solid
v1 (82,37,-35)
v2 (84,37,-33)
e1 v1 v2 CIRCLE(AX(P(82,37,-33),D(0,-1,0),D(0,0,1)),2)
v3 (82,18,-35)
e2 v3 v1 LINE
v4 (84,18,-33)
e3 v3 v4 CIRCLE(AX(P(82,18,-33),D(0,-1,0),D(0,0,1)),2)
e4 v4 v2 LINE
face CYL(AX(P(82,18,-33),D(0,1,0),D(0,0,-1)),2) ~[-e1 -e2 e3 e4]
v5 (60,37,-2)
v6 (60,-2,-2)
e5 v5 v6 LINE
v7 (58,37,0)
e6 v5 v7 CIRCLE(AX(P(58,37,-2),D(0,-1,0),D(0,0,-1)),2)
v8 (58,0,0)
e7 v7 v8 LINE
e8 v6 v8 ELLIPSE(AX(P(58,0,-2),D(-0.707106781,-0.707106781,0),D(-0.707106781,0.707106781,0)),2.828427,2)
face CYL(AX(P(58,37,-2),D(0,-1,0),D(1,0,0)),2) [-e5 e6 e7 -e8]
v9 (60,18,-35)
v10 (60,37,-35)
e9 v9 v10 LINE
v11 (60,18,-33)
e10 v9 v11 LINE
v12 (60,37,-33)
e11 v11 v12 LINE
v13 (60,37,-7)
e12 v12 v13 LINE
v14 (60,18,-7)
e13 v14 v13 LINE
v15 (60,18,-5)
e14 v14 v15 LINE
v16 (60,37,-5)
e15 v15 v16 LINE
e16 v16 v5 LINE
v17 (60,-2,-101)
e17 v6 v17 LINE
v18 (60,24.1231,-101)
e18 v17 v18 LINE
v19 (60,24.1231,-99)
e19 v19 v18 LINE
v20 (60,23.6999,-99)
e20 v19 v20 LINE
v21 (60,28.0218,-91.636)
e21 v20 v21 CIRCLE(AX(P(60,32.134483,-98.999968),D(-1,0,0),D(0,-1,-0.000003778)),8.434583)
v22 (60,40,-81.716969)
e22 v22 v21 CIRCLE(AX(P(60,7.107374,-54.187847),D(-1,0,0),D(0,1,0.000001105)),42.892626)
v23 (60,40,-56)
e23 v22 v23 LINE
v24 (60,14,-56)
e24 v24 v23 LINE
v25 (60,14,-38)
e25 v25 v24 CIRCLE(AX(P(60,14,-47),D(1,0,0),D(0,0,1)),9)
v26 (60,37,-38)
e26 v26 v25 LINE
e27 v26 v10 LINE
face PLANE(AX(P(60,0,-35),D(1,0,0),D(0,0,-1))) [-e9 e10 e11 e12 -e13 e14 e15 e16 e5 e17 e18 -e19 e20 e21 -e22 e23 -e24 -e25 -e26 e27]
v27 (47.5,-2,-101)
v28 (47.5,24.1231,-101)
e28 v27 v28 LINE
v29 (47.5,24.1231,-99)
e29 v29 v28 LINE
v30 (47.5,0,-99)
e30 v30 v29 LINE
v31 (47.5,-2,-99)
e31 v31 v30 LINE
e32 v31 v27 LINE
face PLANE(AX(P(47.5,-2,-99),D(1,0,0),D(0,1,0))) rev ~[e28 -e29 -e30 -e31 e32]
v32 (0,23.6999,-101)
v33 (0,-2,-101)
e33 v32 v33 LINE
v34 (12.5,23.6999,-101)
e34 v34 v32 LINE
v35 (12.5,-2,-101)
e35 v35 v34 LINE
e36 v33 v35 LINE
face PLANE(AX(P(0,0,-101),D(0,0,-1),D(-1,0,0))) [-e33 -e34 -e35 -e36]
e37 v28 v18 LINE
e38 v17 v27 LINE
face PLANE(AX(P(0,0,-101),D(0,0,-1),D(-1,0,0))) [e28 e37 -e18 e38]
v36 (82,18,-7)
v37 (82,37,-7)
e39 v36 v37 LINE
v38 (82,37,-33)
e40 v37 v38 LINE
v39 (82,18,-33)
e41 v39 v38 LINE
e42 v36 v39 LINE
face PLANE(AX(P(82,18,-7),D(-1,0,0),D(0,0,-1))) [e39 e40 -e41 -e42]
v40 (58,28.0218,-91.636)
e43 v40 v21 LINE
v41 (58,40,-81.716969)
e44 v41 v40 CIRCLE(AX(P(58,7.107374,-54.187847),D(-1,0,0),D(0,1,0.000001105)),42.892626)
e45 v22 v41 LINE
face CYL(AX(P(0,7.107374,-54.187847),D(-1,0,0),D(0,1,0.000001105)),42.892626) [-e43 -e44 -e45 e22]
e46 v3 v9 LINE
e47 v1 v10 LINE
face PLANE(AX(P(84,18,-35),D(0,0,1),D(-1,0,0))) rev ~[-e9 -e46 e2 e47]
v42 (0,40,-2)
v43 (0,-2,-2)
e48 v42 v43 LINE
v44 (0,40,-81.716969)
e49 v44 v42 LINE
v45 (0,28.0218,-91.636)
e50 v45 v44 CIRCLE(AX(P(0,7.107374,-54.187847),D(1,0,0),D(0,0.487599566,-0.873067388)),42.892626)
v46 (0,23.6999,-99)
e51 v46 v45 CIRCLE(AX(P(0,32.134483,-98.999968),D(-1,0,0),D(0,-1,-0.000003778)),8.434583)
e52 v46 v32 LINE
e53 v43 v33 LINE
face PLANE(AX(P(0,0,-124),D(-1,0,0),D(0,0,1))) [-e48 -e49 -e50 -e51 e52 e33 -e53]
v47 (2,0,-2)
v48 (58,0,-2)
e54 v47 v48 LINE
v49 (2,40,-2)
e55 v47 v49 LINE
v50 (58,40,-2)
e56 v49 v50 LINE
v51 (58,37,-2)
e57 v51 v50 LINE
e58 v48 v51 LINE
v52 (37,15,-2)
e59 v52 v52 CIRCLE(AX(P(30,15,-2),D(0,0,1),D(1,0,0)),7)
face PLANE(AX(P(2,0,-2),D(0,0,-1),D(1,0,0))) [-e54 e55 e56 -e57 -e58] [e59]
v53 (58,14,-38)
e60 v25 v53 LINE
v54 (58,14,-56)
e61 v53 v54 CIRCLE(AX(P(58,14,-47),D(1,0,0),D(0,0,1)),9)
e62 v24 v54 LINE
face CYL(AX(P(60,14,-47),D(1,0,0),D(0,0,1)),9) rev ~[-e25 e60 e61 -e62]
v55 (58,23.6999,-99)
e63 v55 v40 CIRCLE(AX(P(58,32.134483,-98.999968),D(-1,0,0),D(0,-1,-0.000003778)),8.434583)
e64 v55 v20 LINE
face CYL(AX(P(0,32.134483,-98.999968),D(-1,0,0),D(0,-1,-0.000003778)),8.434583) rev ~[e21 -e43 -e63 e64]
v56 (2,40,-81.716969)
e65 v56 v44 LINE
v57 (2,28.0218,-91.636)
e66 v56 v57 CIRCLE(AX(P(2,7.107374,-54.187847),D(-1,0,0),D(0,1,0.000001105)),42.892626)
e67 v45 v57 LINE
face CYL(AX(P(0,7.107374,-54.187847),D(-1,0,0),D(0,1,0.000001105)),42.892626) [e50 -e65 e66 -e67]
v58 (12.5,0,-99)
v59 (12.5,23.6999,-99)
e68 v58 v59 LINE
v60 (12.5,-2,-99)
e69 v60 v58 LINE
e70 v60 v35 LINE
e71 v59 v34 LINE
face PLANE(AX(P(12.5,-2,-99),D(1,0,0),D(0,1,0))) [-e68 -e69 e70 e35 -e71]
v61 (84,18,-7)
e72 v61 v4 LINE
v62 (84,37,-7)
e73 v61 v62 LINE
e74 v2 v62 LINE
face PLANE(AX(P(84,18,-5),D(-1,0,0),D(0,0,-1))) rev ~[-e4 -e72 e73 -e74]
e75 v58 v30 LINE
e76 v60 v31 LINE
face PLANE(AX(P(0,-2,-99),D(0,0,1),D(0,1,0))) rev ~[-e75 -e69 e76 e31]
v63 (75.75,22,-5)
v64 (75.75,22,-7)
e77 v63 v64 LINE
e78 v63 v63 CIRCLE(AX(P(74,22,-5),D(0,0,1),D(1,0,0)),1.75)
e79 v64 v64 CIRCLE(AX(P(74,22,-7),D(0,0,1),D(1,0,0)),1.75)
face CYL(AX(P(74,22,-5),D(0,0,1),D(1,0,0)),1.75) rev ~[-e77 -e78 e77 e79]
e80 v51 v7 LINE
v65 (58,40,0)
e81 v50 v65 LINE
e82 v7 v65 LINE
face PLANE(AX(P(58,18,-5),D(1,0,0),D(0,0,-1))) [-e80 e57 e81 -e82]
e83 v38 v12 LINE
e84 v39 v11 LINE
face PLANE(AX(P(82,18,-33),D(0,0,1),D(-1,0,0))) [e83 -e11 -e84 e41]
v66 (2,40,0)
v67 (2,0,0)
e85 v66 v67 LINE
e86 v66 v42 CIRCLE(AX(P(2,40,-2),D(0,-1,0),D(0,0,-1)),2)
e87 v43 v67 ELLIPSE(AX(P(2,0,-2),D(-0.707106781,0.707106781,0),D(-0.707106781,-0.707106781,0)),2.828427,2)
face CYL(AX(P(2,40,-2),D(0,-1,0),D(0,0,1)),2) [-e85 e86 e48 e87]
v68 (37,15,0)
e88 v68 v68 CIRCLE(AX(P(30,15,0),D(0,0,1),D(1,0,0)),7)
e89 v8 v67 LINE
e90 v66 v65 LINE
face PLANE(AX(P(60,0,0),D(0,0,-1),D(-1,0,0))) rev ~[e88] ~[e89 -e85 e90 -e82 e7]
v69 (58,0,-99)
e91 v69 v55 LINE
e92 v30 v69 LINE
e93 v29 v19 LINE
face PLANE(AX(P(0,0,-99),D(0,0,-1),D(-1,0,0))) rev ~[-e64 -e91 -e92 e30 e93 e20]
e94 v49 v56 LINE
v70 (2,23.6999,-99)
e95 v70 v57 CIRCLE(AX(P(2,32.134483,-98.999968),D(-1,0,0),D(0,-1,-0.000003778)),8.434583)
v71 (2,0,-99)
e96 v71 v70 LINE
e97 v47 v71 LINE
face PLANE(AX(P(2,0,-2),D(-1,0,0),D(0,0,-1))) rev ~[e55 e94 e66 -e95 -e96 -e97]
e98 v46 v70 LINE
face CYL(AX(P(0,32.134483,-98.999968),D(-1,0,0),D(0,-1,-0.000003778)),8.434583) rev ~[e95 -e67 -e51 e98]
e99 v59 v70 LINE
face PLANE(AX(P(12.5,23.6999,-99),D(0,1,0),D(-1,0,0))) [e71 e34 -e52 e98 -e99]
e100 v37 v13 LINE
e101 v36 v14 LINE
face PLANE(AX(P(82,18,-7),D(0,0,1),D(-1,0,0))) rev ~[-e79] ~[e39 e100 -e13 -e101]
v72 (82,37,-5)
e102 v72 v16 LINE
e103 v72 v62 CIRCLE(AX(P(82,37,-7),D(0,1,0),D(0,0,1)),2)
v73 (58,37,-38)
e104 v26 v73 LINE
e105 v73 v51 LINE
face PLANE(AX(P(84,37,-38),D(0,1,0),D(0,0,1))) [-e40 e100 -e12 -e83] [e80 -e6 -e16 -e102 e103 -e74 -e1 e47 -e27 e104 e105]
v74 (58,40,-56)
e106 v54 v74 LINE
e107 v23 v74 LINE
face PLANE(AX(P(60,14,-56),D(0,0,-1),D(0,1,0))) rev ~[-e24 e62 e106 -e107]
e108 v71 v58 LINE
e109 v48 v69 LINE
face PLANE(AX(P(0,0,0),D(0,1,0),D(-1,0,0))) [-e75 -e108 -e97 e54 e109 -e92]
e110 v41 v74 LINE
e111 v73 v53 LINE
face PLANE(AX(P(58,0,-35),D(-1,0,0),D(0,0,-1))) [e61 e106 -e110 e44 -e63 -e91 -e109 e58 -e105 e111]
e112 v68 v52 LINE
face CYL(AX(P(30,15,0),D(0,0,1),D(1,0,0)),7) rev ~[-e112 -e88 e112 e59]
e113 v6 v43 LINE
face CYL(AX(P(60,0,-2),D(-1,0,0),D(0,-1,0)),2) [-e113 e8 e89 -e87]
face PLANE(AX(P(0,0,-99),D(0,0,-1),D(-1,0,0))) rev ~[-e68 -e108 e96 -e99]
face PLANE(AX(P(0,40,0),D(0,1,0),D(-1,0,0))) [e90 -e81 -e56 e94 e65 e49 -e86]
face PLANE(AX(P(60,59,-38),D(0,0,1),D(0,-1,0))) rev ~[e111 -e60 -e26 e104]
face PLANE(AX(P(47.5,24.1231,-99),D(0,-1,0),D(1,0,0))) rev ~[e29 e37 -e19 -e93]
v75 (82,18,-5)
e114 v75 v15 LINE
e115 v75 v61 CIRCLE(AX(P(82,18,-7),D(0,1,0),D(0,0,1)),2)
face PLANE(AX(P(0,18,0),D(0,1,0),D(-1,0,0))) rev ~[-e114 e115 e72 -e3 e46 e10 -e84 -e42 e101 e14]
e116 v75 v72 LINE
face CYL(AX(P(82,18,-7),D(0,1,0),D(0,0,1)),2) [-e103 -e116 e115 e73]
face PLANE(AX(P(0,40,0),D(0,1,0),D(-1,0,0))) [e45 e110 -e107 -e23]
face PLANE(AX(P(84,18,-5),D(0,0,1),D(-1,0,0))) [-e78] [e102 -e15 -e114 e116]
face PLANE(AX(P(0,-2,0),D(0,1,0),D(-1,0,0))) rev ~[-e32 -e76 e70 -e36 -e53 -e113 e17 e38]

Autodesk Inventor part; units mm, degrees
ref_plane "YZ Plane" through (0, 0, 0) normal (1, 0, 0) x (0, 1, 0)
ref_plane "XZ Plane" through (0, 0, 0) normal (0, 1, 0) x (-1, 0, 0)
sketch "Sketch1" plane through (0, 0, 0) normal (0, 1, 0) x (-1, 0, 0)
  line L0 (-60, -124) -> (0, -124)
  line L1 (0, -124) -> (0, 0)
  line L2 (-58, -33) -> (-58, -122)
  line L3 (-58, -122) -> (-40, -122)
  line L4 (-40, -122) -> (-40, -124)
  line L5 (-2, -2) -> (-2, -122)
  line L6 (-2, -122) -> (-20, -122)
  line L7 (-20, -122) -> (-20, -124)
  line L8 (-60, -35) -> (-60, -124)
  line L9 (-30, -124) -> (-30, 0) construction
  line L10 (-60, -124) -> (-60, 0)
  line L11 (-58, -124) -> (-58, -2)
  line L12 (-2, -2) -> (-58, -2)
  line L13 (-60, 0) -> (0, 0)
  line L14 (-84, -5) -> (-84, -35)
  line L15 (-84, -35) -> (-58, -35)
  line L16 (-58, -35) -> (-58, 0)
  line L17 (-82, -7) -> (-82, -33)
  line L18 (-82, -33) -> (-58, -33)
  line L19 (-58, -33) -> (-58, -2)
  line L20 (-82, -7) -> (-60, -7)
  line L21 (-84, -5) -> (-60, -5)
  point P0 (-57.4156, -121.9986)
  point P1 (-58, -122)
  point P2 (-60, -35)
  point P3 (-58, -38)
  point P4 (-58, -33)
  point P5 (-60, -33)
  point P6 (-60, -35)
  point P7 (-58, -33)
  point P8 (-58, -35)
  point P9 (-58, -35)
  dimension "d0" = 60
  dimension "d5" = 2
  dimension "d6" = 20
  dimension "d38" = 2
  dimension "d39" = 60
  dimension "d46" = 2
  dimension "d47" = 2
  dimension "d48" = 2
  dimension "d50" = 30
  dimension "d51" = 2
  dimension "d64" = 2
  dimension "d66" = 26
extrude "Extrusion1" add sketch "Sketch1" against normal blind 2 contours L8 L15 L2 L11 L0 | L11 L3 L4 L0 | L10 L18 L2 L15 | L4 L3 L2 L11 L12 L5 L6 L7 L0 | L10 L13 L16 L11 L18 | L7 L6 L5 L12 L16 L13 L1 L0
extrude "Extrusion2" add sketch "Sketch1" along normal blind 40 contours L8 L15 L2 L11 L0 | L11 L3 L4 L0 | L10 L18 L2 L15 | L10 L13 L16 L11 L18 | L7 L6 L5 L12 L16 L13 L1 L0
sketch "Sketch2" plane through (0, -2, 0) normal (0, 0, 1) x (1, 0, 0)
  circle A0 centre (30, 17) radius 7
  line L0 (0, 42) -> (60, 42)
  line L1 (60, 0) -> (60, 42) projected
  point P0 (0, 2)
  point P1 (0, 42)
  point P2 (30, 42)
  dimension "d11" = 25
  dimension "d12" = 14
  dimension "d65" = 30
extrude "Extrusion3" cut sketch "Sketch2" against normal up to next
sketch "Sketch3" plane through (60, -2, 5.4121) normal (1, 0, 0) x (0, 0, -1)
  arc A0 (43.4121, 16) -> (61.4121, 16) centre (52.4121, 16) ccw
  line L0 (5.4121, 1.9762) -> (5.4121, 47)
  line L1 (61.4121, 16) -> (61.4121, 61)
  line L2 (61.4121, 61) -> (43.4121, 61)
  line L3 (43.4121, 61) -> (43.4121, 16)
  line L4 (5.4121, 47) -> (129.4107, 47) construction
  point P0 (5.4121, 2)
  point P1 (129.4107, 47)
  point P2 (5.4121, 0)
  dimension "d16" = 47
  dimension "d17" = 18
  dimension "d18" = 31
  dimension "d45" = 45
extrude "Extrusion4" cut sketch "Sketch3" against normal blind 2
ref_plane "Work Plane1" through (0, 18, 0) normal (0, -1, 0) x (1, 0, 0)
extrude "Extrusion7" add sketch "Sketch1" along normal up to surface (22 mm away) from surface at 18 contours L15 L14 L21 L10 L20 L17 L18
sketch "Sketch5" plane through (84, 18, -5) normal (1, 0, 0) x (0, 0, -1)
  line L0 (119, 22) -> (-5, 22) projected
  line L1 (33, 22) -> (33, -4) projected
  line L2 (-5, 22) -> (33, 22)
  line L3 (33, 22) -> (33, 19)
  line L4 (33, 19) -> (-5, 19)
  line L5 (-5, 19) -> (-5, 22)
  point P0 (-5, -18)
  dimension "d55" = 3
extrude "Extrusion8" cut sketch "Sketch5" against normal up to surface (26 mm away)
sketch "Sketch6" plane through (60, 18, -5) normal (0, 0, 1) x (1, 0, 0)
  circle A0 centre (14, 4) radius 1.75
  line L0 (24, 0) -> (24, 19) projected
  line L1 (0, 0) -> (24, 0) projected
  point P0 (-60, -18)
  dimension "d58" = 3.5
  dimension "d59" = 10
  dimension "d60" = 4
extrude "Extrusion9" cut sketch "Sketch6" against normal blind 10
fillet "Fillet1" radius 2 5 edges at (30, -2, 0) (0, 19, 0) (60, 17.5, 0) (84, 27.5, -35) (84, 27.5, -5)
sketch "Sketch7" plane through (0, 0, -122) normal (-1, 0, 0) x (0, 0, 1)
  line L0 (120, -2) -> (0, -2) projected
  line L1 (23, -2) -> (23, 23.6999)
  arc A0 (23, 23.6999) -> (30.364, 28.0218) centre (23, 32.1346) ccw
  arc A1 (67.8122, 50) -> (30.364, 28.0218) centre (67.8122, 7.1072) ccw
  line L2 (-2, 40) -> (120, 40) projected
  line L3 (-2, 50) -> (-2, 0) projected
  line L4 (67.8122, 50) -> (-2, 50)
  line L5 (-2, 50) -> (-2, -2)
  line L6 (-2, -2) -> (23, -2)
  point P0 (122, 0)
  point P1 (0, 50)
  point P2 (120, 40)
  point P3 (40.283, 40)
  point P4 (67.8122, 50)
  dimension "d67" = 25
extrude "Extrusion10" cut sketch "Sketch7" against normal through all
sketch "Sketch8" plane through (0, 0, -99) normal (0, 0, -1) x (-1, 0, 0)
  line L0 (0, 23.6999) -> (0, -2) projected
  line L1 (0, -2) -> (-12.5, -2)
  line L2 (-12.5, -2) -> (-12.5, 23.6999)
  line L3 (-12.5, 23.6999) -> (0, 23.6999)
  line L4 (0, 23.6999) -> (0, -2)
  line L5 (-60, -2) -> (-60, 23.6999) projected
  line L6 (-60, -2) -> (-47.5, -2)
  line L7 (-47.5, -2) -> (-47.5, 24.1231)
  line L8 (-47.5, 24.1231) -> (-60, 24.1231)
  line L9 (-60, 24.1231) -> (-60, -2)
  point P0 (0, 0)
  point P1 (-60, 23.6999)
  dimension "d70" = 35
extrude "Extrusion11" add sketch "Sketch8" along normal blind 2
properties part number "tension_sensor_cover" material "ABS Plastic"
